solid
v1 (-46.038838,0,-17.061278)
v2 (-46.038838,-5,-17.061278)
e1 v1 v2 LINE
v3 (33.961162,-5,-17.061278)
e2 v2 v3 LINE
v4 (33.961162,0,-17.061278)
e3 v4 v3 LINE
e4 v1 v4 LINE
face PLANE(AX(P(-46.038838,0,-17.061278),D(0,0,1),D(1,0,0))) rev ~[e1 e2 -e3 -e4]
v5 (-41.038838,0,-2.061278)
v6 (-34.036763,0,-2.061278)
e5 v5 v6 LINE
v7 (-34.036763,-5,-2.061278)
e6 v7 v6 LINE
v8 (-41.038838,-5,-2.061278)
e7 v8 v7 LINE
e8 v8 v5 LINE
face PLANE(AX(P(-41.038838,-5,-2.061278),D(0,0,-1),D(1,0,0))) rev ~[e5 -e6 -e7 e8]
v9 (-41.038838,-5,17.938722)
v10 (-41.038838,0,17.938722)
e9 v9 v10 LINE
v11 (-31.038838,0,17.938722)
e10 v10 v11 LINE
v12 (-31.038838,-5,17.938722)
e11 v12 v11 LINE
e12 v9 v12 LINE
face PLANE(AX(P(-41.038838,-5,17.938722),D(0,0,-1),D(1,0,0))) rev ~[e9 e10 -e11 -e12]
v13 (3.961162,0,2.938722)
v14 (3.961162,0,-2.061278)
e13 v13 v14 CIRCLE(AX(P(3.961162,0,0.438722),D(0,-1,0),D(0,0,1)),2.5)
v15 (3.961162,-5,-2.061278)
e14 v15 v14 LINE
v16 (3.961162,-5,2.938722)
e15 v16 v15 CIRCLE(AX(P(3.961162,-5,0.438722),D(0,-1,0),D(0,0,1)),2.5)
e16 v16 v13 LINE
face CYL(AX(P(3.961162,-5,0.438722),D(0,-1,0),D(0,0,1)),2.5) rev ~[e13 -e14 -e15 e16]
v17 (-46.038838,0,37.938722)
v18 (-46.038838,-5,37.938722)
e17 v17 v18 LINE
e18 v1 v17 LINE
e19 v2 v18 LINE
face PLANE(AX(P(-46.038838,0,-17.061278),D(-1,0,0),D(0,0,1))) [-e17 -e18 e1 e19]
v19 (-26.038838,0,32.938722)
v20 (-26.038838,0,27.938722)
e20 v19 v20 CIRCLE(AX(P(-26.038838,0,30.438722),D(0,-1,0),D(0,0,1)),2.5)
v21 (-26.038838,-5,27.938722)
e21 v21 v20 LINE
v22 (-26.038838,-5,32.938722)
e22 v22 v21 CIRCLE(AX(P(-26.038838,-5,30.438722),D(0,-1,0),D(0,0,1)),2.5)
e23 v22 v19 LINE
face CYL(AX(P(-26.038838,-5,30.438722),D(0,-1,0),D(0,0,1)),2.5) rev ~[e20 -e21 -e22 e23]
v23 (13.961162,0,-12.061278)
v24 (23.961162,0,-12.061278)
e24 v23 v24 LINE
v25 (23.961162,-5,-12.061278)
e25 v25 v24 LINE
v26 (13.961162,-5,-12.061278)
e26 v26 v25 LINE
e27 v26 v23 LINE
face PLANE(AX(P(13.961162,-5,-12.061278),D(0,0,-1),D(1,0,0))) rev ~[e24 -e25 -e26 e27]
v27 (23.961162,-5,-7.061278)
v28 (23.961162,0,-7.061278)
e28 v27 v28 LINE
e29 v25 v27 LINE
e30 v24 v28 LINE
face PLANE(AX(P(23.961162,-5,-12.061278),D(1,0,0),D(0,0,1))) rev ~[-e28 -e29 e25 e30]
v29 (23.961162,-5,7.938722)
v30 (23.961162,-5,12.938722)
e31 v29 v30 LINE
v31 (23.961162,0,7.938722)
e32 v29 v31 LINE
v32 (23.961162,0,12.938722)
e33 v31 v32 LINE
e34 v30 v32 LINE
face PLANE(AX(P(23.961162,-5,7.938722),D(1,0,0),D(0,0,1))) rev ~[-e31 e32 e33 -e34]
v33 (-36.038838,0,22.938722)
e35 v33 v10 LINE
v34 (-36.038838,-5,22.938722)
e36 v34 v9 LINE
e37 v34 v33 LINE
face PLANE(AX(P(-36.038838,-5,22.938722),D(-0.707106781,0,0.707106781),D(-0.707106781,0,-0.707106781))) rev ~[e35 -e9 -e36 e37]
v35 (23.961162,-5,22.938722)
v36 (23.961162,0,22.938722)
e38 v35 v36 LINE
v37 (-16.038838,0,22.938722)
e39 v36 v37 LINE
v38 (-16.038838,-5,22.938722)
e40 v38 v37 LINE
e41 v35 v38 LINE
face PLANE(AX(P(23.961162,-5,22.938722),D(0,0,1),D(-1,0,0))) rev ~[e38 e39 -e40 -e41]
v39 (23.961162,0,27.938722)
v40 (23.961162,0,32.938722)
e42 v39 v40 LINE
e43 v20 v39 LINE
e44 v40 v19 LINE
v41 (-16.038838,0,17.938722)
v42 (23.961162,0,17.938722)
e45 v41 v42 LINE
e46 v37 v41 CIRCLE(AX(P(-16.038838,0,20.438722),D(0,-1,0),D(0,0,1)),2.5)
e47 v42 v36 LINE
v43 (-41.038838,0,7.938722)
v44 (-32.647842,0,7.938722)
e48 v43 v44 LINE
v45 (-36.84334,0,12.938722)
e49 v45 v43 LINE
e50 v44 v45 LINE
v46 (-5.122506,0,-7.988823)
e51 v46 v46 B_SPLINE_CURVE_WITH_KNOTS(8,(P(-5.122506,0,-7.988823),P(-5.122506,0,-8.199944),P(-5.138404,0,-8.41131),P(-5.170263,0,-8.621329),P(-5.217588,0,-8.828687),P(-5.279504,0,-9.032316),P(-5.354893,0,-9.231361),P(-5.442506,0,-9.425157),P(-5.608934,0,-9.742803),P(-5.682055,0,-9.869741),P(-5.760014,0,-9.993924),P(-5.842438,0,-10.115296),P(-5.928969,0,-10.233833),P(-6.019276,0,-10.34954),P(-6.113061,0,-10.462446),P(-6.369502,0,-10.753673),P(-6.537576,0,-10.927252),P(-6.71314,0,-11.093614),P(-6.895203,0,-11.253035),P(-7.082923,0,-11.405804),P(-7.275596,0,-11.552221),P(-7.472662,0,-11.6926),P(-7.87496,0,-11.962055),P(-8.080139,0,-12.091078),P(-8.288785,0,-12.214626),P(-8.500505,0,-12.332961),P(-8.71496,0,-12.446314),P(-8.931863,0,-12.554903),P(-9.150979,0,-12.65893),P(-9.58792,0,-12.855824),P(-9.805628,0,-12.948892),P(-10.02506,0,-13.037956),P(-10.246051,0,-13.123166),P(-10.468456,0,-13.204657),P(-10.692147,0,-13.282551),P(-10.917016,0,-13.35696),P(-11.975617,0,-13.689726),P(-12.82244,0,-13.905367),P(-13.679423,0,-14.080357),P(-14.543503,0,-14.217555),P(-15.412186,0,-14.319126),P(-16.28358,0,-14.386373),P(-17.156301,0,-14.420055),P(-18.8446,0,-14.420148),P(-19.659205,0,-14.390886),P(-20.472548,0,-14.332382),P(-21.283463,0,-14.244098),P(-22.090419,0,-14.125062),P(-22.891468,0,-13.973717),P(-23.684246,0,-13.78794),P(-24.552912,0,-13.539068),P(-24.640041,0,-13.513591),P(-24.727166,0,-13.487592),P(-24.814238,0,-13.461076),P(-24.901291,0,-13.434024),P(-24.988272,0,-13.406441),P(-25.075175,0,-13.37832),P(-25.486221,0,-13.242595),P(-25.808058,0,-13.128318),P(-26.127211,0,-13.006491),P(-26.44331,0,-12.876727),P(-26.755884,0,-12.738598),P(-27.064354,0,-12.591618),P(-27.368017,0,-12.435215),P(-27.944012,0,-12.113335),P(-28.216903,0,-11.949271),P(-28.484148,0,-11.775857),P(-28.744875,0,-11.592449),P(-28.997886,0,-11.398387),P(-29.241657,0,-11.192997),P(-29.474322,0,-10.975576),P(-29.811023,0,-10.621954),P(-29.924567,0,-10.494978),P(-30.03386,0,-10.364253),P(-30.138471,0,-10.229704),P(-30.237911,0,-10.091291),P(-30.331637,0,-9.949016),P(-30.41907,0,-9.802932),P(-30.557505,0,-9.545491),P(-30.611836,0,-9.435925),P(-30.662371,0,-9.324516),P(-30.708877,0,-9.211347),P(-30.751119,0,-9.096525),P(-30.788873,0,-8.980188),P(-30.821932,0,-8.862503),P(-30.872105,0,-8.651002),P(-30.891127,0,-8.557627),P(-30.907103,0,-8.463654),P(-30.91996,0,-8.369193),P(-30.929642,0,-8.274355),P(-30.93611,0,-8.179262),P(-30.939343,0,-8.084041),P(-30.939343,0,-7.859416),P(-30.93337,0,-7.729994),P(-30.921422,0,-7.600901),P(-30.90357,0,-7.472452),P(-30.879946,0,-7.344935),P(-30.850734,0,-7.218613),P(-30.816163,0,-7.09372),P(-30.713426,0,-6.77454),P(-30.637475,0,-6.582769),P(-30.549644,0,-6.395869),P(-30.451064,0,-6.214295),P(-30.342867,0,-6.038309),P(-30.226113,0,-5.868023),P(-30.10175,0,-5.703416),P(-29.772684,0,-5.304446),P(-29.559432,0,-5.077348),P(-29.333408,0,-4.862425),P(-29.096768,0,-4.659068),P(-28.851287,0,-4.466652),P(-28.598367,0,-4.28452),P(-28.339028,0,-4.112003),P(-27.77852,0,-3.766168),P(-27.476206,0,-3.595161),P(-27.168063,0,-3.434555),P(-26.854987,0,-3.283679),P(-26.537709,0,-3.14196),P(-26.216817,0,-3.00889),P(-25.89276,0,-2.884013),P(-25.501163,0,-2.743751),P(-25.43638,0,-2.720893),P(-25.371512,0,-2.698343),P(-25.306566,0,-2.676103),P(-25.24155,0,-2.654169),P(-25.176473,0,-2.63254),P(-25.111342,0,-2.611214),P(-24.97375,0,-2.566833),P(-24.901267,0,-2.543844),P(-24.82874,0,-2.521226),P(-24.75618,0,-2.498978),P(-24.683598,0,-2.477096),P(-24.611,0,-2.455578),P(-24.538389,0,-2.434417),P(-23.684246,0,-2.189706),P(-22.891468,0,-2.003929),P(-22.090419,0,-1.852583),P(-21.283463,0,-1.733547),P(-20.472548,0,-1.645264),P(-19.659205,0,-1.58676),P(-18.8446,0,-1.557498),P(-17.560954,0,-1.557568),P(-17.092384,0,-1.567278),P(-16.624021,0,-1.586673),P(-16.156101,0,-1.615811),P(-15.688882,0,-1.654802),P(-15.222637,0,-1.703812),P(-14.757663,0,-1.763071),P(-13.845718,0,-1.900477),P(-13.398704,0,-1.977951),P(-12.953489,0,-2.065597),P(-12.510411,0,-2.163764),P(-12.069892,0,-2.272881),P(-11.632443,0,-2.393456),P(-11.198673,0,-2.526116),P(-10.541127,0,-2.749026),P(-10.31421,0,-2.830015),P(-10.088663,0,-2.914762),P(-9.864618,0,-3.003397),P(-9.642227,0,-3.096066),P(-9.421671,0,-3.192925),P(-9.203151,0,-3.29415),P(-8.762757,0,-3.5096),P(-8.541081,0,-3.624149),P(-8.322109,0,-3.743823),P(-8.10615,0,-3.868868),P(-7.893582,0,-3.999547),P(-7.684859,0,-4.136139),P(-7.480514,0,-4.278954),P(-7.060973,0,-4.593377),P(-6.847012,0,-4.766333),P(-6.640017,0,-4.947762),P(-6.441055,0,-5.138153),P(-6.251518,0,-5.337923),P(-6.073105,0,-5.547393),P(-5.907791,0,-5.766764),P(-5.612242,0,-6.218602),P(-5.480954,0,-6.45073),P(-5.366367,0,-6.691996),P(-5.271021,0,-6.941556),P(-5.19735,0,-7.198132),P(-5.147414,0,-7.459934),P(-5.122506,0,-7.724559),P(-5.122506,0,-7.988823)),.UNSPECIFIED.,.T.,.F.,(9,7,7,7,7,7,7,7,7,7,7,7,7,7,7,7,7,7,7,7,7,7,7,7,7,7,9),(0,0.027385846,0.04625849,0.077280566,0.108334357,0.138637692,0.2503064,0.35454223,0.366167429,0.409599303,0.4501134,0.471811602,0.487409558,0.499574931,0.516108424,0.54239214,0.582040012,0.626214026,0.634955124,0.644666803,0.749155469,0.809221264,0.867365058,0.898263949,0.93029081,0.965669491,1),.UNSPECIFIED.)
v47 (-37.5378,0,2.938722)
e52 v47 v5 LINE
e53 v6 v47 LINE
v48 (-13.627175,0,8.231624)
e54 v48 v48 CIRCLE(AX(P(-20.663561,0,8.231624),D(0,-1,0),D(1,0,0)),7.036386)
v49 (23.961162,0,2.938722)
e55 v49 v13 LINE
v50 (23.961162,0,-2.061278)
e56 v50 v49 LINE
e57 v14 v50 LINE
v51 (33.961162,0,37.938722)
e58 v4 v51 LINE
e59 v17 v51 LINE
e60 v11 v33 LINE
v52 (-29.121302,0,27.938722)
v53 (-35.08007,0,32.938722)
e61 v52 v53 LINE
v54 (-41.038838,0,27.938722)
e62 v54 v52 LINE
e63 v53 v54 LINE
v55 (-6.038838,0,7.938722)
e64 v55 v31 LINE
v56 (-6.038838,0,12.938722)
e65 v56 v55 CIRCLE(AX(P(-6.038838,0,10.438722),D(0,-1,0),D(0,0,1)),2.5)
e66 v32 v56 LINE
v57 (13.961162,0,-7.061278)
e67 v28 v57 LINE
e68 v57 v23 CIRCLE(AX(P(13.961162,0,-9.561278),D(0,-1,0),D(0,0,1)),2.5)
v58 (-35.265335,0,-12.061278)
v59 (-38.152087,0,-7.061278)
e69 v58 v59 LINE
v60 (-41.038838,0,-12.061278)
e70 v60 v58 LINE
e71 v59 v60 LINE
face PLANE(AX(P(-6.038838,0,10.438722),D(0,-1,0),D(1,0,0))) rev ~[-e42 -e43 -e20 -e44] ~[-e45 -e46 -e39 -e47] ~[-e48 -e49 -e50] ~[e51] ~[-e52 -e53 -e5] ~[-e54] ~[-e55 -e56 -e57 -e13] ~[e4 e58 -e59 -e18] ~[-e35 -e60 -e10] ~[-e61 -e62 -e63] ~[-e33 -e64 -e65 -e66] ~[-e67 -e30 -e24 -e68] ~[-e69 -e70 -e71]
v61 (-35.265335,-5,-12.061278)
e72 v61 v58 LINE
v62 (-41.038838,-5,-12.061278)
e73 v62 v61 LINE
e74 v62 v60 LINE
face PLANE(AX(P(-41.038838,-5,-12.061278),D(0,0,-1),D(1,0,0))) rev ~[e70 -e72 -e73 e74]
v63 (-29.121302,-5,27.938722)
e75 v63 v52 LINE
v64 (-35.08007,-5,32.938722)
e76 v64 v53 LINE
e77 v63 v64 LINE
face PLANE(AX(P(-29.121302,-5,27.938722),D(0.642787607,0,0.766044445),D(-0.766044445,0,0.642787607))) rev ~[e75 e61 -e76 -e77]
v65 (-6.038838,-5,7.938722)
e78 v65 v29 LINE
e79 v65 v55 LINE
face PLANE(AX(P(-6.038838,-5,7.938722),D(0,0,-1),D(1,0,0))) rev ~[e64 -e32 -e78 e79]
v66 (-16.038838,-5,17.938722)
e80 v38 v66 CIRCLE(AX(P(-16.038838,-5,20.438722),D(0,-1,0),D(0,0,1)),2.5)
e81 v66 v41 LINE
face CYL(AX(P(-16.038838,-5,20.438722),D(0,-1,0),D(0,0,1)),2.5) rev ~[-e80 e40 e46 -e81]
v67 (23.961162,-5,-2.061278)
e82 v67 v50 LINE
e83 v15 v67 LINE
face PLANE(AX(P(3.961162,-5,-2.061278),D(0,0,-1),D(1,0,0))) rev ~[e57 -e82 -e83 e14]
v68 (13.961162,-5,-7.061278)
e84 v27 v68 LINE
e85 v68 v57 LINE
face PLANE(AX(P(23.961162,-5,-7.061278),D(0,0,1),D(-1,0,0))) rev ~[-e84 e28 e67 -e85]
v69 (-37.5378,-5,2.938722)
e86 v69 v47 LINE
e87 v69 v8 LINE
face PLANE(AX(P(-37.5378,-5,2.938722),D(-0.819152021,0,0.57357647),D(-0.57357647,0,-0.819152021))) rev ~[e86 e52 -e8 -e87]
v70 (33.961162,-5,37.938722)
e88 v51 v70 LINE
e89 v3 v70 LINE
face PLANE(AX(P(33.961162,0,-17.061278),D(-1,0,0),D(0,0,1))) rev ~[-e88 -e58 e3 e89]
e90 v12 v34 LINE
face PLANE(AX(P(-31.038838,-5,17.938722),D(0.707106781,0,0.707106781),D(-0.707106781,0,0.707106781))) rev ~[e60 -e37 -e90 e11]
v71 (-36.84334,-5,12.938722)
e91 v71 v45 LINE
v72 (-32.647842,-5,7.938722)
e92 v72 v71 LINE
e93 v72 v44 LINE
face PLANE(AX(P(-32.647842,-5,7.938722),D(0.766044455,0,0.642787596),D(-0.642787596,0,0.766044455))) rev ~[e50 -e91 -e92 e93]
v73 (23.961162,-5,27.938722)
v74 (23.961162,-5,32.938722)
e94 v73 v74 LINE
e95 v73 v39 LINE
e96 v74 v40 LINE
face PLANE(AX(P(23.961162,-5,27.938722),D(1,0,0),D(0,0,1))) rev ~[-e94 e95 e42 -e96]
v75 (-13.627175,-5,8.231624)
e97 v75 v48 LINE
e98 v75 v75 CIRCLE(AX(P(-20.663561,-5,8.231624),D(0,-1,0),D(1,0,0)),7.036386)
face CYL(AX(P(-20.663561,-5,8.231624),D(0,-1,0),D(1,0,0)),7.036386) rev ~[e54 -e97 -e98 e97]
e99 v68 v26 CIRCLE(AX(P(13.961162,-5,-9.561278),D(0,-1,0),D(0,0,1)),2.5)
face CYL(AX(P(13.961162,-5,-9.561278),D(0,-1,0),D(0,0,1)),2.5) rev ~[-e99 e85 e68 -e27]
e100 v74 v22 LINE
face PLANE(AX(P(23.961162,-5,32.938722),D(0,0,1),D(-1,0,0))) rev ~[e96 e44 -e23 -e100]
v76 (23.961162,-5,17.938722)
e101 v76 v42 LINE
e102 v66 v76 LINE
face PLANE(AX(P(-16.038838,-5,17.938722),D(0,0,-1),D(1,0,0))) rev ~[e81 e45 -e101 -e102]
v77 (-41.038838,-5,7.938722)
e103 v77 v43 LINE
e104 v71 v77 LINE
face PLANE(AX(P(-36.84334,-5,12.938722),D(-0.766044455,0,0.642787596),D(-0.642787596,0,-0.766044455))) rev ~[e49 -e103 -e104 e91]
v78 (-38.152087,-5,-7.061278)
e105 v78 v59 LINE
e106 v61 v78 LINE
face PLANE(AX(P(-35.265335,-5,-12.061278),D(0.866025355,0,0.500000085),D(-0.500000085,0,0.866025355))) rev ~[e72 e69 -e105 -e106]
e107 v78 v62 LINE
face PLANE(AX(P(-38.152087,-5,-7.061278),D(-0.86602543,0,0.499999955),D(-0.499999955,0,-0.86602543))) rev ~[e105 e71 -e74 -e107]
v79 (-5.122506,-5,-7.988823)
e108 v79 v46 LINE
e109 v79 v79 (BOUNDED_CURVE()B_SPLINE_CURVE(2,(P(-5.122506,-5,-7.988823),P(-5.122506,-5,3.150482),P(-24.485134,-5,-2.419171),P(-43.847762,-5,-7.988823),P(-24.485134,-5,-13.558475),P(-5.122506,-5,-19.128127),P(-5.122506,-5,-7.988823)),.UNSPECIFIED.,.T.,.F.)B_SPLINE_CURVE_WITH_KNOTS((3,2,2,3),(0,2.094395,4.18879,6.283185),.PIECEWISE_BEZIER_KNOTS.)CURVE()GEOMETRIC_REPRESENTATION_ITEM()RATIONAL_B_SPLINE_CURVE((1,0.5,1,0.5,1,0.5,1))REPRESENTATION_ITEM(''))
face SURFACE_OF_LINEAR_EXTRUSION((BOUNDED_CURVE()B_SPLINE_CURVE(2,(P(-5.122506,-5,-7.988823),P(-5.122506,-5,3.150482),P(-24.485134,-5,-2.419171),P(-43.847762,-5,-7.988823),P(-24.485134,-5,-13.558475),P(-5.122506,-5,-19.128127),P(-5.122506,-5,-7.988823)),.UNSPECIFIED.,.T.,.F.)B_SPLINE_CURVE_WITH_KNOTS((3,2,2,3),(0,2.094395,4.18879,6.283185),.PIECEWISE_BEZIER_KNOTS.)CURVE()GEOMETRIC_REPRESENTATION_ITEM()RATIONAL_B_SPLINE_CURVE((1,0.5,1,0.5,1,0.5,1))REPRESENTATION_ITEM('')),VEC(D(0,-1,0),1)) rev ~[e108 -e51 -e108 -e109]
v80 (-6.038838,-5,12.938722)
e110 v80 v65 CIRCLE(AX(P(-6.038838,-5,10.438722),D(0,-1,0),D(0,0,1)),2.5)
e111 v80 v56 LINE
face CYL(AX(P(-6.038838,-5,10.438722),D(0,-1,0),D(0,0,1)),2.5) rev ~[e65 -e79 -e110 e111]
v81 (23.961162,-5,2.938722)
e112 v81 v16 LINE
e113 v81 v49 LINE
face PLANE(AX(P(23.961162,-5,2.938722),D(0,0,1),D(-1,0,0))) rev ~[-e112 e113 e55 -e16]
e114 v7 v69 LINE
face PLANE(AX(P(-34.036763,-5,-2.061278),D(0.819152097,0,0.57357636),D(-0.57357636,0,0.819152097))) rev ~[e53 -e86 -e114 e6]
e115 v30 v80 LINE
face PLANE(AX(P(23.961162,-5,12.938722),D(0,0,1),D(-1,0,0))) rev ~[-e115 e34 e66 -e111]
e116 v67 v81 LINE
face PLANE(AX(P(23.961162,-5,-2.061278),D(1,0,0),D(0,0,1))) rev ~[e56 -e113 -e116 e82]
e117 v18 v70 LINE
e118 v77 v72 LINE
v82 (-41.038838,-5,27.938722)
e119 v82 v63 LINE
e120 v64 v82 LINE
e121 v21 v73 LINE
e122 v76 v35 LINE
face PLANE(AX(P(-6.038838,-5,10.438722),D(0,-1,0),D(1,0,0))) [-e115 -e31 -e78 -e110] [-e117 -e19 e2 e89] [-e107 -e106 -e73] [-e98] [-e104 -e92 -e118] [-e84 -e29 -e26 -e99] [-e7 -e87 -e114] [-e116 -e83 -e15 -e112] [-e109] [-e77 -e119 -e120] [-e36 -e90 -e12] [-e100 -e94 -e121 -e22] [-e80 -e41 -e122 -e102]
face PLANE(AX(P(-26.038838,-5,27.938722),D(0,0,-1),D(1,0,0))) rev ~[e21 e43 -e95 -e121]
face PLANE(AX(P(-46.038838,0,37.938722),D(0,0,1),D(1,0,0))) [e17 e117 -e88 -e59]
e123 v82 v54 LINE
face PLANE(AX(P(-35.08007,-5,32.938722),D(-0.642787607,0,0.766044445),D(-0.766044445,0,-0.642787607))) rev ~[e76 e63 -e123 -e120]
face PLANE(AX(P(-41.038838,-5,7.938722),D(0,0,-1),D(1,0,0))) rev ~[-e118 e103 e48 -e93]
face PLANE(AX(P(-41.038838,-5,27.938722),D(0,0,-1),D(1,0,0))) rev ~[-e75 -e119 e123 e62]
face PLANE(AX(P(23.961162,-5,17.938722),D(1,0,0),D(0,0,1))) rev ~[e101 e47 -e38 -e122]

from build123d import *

# Parameters (mm, degrees)
F0_W     = 80
F0_H     = 55
F1_DEPTH = 5
F3_DEPTH = 25
F5_DEPTH = 10
F6_R     = 7.036386
F7_DEPTH = 10


with BuildPart() as f1:
    # F0 (on Front) → F1 (new body)
    with BuildSketch(Plane.XZ):
        with Locations((-6.038838, 10.438722)):
            Rectangle(F0_W, F0_H)
    extrude(amount=F1_DEPTH)

    # F2 (on face) → F3 (cut)
    with BuildSketch(Plane.XZ.offset(5)):
        with BuildLine():
            Line((13.961162, -12.061278), (23.961162, -12.061278))
            Line((23.961162, -12.061278), (23.961162, -7.061278))
            Line((23.961162, -7.061278), (13.961162, -7.061278))
            ThreePointArc((13.961162, -7.061278), (11.461162, -9.561278), (13.961162, -12.061278))
        make_face()
        with BuildLine():
            Line((3.961162, -2.061278), (23.961162, -2.061278))
            Line((23.961162, -2.061278), (23.961162, 2.938722))
            Line((23.961162, 2.938722), (3.961162, 2.938722))
            ThreePointArc((3.961162, 2.938722), (1.461162, 0.438722), (3.961162, -2.061278))
        make_face()
        with BuildLine():
            Line((-6.038838, 7.938722), (23.961162, 7.938722))
            Line((23.961162, 7.938722), (23.961162, 12.938722))
            Line((23.961162, 12.938722), (-6.038838, 12.938722))
            ThreePointArc((-6.038838, 12.938722), (-8.538838, 10.438722), (-6.038838, 7.938722))
        make_face()
        with BuildLine():
            Line((-16.038838, 17.938722), (23.961162, 17.938722))
            Line((23.961162, 17.938722), (23.961162, 22.938722))
            Line((23.961162, 22.938722), (-16.038838, 22.938722))
            ThreePointArc((-16.038838, 22.938722), (-18.538838, 20.438722), (-16.038838, 17.938722))
        make_face()
        with BuildLine():
            Line((-26.038838, 27.938722), (23.961162, 27.938722))
            Line((23.961162, 27.938722), (23.961162, 32.938722))
            Line((23.961162, 32.938722), (-26.038838, 32.938722))
            ThreePointArc((-26.038838, 32.938722), (-28.538838, 30.438722), (-26.038838, 27.938722))
        make_face()
    extrude(amount=-F3_DEPTH, mode=Mode.SUBTRACT)

    # F4 (on face) → F5 (cut)
    with BuildSketch(Plane.XZ.offset(5)):
        Polygon((-38.152087, -7.061278), (-41.038838, -12.061278), (-38.152087, -12.061278), (-35.265335, -12.061278), align=None)
        Polygon((-37.5378, 2.938722), (-41.038838, -2.061278), (-37.5378, -2.061278), (-34.036763, -2.061278), align=None)
        Polygon((-36.84334, 12.938722), (-41.038838, 7.938722), (-36.84334, 7.938722), (-32.647842, 7.938722), align=None)
        Polygon((-36.038838, 22.938722), (-41.038838, 17.938722), (-36.038838, 17.938722), (-31.038838, 17.938722), align=None)
        Polygon((-35.08007, 32.938722), (-41.038838, 27.938722), (-35.08007, 27.938722), (-29.121302, 27.938722), align=None)
    extrude(amount=-F5_DEPTH, mode=Mode.SUBTRACT)

    # F6 (on face) → F7 (cut)
    with BuildSketch(Plane.XZ.offset(5)):
        with Locations((-20.663561, 8.231624)):
            Circle(F6_R)
        with BuildLine():
            add(Edge.make_bspline(
                [(-5.122506, -7.988823), (-5.122506, 3.150482), (-24.485134, -2.419171), (-43.847762, -7.988823), (-24.485134, -13.558475), (-5.122506, -19.128127), (-5.122506, -7.988823)],
                knots=[0, 0, 0, 2.094395, 2.094395, 4.18879, 4.18879, 6.283185, 6.283185, 6.283185], degree=2, weights=[1, 0.5, 1, 0.5, 1, 0.5, 1]))
        make_face()
    extrude(amount=-F7_DEPTH, mode=Mode.SUBTRACT)


solid = f1.part
